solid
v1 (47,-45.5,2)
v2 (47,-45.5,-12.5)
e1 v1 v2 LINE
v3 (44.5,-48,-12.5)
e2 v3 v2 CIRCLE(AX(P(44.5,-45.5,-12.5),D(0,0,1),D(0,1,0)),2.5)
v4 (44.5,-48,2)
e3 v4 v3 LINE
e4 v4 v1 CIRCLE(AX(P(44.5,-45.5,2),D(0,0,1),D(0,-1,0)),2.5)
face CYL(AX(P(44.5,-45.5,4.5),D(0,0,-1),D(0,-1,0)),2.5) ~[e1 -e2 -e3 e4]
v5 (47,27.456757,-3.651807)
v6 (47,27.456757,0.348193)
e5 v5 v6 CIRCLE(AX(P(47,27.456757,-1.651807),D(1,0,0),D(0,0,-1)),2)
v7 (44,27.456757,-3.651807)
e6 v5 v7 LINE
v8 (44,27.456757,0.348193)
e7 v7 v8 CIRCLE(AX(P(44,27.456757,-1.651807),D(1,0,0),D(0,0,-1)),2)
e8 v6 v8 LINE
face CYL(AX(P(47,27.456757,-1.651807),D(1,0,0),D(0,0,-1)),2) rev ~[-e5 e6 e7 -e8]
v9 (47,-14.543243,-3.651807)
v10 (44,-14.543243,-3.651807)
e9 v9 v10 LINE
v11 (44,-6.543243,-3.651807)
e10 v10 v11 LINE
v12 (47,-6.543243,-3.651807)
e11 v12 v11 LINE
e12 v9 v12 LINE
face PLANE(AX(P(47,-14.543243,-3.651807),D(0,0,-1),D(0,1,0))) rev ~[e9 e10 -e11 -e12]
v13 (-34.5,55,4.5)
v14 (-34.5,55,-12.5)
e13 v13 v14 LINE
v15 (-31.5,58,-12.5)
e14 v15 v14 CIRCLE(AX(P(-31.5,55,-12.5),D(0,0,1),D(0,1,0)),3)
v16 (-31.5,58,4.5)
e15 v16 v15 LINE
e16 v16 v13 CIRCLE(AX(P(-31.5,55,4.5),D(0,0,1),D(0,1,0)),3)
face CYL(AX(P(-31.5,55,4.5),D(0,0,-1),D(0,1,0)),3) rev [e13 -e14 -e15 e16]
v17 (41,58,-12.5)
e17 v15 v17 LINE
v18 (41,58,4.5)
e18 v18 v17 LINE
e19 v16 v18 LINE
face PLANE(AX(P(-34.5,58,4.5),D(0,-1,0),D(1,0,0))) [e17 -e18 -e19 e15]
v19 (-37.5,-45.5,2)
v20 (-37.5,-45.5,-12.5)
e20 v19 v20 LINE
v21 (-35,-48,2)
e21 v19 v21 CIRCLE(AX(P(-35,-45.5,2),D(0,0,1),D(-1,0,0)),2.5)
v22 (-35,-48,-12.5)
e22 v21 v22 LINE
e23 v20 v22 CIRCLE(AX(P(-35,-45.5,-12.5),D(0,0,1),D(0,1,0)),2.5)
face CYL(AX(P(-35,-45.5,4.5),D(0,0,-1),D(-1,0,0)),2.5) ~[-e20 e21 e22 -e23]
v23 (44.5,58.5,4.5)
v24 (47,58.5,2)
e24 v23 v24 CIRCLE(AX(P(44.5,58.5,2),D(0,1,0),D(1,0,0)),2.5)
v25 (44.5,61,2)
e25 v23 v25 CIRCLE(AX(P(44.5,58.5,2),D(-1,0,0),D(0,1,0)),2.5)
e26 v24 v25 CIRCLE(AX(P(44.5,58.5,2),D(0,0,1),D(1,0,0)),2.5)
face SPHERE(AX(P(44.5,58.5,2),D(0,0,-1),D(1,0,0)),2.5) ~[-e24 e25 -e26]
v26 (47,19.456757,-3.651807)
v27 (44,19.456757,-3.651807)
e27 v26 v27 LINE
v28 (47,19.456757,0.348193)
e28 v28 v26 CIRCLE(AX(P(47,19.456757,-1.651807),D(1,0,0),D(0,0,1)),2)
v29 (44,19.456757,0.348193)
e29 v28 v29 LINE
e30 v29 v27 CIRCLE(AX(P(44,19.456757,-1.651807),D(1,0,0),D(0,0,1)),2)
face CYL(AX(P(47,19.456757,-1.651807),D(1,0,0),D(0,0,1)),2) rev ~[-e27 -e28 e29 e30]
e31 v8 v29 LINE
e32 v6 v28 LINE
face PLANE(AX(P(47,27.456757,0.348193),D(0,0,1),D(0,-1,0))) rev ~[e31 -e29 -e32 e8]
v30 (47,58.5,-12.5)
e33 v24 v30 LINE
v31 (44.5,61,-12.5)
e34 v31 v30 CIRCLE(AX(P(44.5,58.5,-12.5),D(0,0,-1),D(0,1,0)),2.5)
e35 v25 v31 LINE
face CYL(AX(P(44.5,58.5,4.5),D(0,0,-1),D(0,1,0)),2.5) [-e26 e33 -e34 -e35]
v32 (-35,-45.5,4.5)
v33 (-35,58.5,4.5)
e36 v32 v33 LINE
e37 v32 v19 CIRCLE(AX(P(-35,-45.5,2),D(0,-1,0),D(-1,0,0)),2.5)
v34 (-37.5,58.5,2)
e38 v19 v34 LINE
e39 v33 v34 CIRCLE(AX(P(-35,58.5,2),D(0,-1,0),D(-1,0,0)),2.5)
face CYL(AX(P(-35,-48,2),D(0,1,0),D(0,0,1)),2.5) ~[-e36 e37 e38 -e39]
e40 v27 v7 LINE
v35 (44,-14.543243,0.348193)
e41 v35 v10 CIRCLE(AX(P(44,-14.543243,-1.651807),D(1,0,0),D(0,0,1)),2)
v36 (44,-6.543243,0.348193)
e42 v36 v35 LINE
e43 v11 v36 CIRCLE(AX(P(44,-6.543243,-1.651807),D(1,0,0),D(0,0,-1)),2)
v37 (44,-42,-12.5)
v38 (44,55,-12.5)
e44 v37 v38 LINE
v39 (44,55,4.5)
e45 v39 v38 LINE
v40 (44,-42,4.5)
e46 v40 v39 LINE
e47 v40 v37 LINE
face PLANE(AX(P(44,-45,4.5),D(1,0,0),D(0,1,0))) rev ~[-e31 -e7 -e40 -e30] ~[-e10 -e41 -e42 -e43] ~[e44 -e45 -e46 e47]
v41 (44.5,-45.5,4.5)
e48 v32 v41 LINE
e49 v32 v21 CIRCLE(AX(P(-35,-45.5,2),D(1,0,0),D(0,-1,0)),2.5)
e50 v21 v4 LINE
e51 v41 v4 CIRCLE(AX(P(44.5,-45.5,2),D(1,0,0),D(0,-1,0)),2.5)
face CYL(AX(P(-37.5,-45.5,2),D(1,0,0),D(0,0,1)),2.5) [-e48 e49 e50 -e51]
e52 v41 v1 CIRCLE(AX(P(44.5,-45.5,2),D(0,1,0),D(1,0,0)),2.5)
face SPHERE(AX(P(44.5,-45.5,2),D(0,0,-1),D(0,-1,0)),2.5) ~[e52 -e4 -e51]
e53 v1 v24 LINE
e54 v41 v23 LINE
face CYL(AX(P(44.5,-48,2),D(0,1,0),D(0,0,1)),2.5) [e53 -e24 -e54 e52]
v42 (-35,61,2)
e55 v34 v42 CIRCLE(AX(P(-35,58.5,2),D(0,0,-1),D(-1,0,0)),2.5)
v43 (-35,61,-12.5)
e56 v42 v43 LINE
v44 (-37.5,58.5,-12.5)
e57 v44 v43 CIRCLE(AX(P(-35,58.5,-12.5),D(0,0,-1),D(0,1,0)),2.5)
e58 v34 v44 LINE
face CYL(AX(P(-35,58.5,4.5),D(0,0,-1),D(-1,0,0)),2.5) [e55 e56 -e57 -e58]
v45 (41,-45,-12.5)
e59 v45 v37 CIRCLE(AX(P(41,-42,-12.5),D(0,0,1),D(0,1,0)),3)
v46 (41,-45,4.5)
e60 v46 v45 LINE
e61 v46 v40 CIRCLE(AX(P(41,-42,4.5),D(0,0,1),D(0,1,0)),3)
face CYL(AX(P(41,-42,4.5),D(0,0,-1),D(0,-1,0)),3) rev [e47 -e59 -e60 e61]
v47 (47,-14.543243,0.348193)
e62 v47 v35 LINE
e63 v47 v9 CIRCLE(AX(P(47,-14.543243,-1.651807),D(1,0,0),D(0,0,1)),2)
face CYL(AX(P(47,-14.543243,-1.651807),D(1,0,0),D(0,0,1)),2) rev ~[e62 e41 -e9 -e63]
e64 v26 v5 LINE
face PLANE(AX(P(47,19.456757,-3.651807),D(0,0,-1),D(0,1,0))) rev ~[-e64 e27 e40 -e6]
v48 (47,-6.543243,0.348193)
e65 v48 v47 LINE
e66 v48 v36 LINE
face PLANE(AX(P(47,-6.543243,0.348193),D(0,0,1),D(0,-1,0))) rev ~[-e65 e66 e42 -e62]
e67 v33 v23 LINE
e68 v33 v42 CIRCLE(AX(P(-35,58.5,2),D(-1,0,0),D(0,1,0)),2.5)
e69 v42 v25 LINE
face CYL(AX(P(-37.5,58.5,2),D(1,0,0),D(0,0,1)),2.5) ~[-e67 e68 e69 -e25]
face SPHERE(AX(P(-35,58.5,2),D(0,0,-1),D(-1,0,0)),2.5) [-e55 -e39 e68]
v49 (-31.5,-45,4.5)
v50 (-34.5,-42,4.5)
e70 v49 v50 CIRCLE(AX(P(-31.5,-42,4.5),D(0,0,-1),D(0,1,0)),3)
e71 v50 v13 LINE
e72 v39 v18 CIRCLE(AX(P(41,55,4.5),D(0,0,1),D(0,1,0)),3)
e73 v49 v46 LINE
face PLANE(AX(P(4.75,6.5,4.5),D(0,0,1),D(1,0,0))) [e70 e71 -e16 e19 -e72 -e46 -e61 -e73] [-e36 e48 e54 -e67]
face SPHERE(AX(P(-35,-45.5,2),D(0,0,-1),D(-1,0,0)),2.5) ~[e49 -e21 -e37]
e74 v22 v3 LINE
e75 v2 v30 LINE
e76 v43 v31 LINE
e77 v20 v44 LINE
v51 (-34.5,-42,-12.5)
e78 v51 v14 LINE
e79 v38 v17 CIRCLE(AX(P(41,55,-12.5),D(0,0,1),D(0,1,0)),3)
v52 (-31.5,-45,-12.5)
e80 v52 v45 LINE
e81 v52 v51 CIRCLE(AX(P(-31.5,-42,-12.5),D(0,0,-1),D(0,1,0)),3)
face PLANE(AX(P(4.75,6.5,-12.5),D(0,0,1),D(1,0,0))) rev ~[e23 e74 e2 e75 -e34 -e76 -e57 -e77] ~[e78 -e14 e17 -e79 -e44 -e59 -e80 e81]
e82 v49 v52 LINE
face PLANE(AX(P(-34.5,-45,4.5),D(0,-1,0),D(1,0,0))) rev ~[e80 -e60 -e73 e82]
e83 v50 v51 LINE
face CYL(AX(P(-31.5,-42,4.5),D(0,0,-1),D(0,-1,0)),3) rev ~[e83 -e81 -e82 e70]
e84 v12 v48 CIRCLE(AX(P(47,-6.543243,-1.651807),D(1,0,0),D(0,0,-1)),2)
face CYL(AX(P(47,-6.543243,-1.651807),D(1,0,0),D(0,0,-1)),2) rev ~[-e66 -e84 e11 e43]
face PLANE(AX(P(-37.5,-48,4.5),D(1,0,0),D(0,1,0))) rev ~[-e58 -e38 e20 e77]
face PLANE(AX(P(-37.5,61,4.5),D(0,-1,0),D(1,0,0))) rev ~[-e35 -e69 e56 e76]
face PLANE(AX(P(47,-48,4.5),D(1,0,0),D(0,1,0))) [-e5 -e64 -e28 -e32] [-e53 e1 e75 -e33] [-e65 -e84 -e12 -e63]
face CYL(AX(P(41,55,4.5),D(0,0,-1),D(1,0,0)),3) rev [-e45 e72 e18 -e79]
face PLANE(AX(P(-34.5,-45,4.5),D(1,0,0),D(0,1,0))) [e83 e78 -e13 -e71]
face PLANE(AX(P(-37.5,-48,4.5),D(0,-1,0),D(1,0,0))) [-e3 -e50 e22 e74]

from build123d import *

# Parameters (mm, degrees)
SKETCH010_W     = 84.5
SKETCH010_H     = 109
SKETCH010_W_2   = 78.5
SKETCH010_H_2   = 103
PAD006_DEPTH    = 17
FILLET_R        = 3
FILLET002_R     = 2.5
POCKET021_DEPTH = 3


with BuildPart() as part:
    # Sketch010 → Pad006 (new body)
    with BuildSketch(Plane.XY):
        with Locations((4.75, 6.5)):
            Rectangle(SKETCH010_W, SKETCH010_H)
        with Locations((4.75, 6.5)):
            Rectangle(SKETCH010_W_2, SKETCH010_H_2, mode=Mode.SUBTRACT)
    extrude(amount=-PAD006_DEPTH)

    # Fillet
    fillet_edges = [part.edges().sort_by_distance(p)[0] for p in [
        (-34.5, 58, -8.5),
        (-34.5, -45, -8.5),
        (44, 58, -8.5),
        (44, -45, -8.5),
    ]]
    fillet(fillet_edges, radius=FILLET_R)

    # Fillet002
    fillet002_edges = [part.edges().sort_by_distance(p)[0] for p in [
        (47, 61, -8.5),
        (-37.5, 61, -8.5),
        (47, -48, -8.5),
        (-37.5, -48, -8.5),
        (-37.5, 6.5, 0),
        (4.75, -48, 0),
        (47, 6.5, 0),
        (4.75, 61, 0),
    ]]
    fillet(fillet002_edges, radius=FILLET002_R)

    # Sketch053 (on Face21 of Fillet002) → Pocket021 (cut)
    with BuildSketch(Plane.YZ.offset(47)):
        with BuildLine():
            ThreePointArc((-14.543243, -4.151807), (-16.543243, -6.151807), (-14.543243, -8.151807))
            Line((-14.543243, -8.151807), (-6.543243, -8.151807))
            ThreePointArc((-6.543243, -8.151807), (-4.543243, -6.151807), (-6.543243, -4.151807))
            Line((-6.543243, -4.151807), (-14.543243, -4.151807))
        make_face()
        with BuildLine():
            ThreePointArc((19.456757, -4.151807), (17.456757, -6.151807), (19.456757, -8.151807))
            Line((19.456757, -8.151807), (27.456757, -8.151807))
            ThreePointArc((27.456757, -8.151807), (29.456757, -6.151807), (27.456757, -4.151807))
            Line((27.456757, -4.151807), (19.456757, -4.151807))
        make_face()
    extrude(amount=-POCKET021_DEPTH, mode=Mode.SUBTRACT)


with BuildPart() as part_1:
    # Body005 placement: moved
    add(part.part.moved(Location((0, 0, 4.5))))


solid = part_1.part
